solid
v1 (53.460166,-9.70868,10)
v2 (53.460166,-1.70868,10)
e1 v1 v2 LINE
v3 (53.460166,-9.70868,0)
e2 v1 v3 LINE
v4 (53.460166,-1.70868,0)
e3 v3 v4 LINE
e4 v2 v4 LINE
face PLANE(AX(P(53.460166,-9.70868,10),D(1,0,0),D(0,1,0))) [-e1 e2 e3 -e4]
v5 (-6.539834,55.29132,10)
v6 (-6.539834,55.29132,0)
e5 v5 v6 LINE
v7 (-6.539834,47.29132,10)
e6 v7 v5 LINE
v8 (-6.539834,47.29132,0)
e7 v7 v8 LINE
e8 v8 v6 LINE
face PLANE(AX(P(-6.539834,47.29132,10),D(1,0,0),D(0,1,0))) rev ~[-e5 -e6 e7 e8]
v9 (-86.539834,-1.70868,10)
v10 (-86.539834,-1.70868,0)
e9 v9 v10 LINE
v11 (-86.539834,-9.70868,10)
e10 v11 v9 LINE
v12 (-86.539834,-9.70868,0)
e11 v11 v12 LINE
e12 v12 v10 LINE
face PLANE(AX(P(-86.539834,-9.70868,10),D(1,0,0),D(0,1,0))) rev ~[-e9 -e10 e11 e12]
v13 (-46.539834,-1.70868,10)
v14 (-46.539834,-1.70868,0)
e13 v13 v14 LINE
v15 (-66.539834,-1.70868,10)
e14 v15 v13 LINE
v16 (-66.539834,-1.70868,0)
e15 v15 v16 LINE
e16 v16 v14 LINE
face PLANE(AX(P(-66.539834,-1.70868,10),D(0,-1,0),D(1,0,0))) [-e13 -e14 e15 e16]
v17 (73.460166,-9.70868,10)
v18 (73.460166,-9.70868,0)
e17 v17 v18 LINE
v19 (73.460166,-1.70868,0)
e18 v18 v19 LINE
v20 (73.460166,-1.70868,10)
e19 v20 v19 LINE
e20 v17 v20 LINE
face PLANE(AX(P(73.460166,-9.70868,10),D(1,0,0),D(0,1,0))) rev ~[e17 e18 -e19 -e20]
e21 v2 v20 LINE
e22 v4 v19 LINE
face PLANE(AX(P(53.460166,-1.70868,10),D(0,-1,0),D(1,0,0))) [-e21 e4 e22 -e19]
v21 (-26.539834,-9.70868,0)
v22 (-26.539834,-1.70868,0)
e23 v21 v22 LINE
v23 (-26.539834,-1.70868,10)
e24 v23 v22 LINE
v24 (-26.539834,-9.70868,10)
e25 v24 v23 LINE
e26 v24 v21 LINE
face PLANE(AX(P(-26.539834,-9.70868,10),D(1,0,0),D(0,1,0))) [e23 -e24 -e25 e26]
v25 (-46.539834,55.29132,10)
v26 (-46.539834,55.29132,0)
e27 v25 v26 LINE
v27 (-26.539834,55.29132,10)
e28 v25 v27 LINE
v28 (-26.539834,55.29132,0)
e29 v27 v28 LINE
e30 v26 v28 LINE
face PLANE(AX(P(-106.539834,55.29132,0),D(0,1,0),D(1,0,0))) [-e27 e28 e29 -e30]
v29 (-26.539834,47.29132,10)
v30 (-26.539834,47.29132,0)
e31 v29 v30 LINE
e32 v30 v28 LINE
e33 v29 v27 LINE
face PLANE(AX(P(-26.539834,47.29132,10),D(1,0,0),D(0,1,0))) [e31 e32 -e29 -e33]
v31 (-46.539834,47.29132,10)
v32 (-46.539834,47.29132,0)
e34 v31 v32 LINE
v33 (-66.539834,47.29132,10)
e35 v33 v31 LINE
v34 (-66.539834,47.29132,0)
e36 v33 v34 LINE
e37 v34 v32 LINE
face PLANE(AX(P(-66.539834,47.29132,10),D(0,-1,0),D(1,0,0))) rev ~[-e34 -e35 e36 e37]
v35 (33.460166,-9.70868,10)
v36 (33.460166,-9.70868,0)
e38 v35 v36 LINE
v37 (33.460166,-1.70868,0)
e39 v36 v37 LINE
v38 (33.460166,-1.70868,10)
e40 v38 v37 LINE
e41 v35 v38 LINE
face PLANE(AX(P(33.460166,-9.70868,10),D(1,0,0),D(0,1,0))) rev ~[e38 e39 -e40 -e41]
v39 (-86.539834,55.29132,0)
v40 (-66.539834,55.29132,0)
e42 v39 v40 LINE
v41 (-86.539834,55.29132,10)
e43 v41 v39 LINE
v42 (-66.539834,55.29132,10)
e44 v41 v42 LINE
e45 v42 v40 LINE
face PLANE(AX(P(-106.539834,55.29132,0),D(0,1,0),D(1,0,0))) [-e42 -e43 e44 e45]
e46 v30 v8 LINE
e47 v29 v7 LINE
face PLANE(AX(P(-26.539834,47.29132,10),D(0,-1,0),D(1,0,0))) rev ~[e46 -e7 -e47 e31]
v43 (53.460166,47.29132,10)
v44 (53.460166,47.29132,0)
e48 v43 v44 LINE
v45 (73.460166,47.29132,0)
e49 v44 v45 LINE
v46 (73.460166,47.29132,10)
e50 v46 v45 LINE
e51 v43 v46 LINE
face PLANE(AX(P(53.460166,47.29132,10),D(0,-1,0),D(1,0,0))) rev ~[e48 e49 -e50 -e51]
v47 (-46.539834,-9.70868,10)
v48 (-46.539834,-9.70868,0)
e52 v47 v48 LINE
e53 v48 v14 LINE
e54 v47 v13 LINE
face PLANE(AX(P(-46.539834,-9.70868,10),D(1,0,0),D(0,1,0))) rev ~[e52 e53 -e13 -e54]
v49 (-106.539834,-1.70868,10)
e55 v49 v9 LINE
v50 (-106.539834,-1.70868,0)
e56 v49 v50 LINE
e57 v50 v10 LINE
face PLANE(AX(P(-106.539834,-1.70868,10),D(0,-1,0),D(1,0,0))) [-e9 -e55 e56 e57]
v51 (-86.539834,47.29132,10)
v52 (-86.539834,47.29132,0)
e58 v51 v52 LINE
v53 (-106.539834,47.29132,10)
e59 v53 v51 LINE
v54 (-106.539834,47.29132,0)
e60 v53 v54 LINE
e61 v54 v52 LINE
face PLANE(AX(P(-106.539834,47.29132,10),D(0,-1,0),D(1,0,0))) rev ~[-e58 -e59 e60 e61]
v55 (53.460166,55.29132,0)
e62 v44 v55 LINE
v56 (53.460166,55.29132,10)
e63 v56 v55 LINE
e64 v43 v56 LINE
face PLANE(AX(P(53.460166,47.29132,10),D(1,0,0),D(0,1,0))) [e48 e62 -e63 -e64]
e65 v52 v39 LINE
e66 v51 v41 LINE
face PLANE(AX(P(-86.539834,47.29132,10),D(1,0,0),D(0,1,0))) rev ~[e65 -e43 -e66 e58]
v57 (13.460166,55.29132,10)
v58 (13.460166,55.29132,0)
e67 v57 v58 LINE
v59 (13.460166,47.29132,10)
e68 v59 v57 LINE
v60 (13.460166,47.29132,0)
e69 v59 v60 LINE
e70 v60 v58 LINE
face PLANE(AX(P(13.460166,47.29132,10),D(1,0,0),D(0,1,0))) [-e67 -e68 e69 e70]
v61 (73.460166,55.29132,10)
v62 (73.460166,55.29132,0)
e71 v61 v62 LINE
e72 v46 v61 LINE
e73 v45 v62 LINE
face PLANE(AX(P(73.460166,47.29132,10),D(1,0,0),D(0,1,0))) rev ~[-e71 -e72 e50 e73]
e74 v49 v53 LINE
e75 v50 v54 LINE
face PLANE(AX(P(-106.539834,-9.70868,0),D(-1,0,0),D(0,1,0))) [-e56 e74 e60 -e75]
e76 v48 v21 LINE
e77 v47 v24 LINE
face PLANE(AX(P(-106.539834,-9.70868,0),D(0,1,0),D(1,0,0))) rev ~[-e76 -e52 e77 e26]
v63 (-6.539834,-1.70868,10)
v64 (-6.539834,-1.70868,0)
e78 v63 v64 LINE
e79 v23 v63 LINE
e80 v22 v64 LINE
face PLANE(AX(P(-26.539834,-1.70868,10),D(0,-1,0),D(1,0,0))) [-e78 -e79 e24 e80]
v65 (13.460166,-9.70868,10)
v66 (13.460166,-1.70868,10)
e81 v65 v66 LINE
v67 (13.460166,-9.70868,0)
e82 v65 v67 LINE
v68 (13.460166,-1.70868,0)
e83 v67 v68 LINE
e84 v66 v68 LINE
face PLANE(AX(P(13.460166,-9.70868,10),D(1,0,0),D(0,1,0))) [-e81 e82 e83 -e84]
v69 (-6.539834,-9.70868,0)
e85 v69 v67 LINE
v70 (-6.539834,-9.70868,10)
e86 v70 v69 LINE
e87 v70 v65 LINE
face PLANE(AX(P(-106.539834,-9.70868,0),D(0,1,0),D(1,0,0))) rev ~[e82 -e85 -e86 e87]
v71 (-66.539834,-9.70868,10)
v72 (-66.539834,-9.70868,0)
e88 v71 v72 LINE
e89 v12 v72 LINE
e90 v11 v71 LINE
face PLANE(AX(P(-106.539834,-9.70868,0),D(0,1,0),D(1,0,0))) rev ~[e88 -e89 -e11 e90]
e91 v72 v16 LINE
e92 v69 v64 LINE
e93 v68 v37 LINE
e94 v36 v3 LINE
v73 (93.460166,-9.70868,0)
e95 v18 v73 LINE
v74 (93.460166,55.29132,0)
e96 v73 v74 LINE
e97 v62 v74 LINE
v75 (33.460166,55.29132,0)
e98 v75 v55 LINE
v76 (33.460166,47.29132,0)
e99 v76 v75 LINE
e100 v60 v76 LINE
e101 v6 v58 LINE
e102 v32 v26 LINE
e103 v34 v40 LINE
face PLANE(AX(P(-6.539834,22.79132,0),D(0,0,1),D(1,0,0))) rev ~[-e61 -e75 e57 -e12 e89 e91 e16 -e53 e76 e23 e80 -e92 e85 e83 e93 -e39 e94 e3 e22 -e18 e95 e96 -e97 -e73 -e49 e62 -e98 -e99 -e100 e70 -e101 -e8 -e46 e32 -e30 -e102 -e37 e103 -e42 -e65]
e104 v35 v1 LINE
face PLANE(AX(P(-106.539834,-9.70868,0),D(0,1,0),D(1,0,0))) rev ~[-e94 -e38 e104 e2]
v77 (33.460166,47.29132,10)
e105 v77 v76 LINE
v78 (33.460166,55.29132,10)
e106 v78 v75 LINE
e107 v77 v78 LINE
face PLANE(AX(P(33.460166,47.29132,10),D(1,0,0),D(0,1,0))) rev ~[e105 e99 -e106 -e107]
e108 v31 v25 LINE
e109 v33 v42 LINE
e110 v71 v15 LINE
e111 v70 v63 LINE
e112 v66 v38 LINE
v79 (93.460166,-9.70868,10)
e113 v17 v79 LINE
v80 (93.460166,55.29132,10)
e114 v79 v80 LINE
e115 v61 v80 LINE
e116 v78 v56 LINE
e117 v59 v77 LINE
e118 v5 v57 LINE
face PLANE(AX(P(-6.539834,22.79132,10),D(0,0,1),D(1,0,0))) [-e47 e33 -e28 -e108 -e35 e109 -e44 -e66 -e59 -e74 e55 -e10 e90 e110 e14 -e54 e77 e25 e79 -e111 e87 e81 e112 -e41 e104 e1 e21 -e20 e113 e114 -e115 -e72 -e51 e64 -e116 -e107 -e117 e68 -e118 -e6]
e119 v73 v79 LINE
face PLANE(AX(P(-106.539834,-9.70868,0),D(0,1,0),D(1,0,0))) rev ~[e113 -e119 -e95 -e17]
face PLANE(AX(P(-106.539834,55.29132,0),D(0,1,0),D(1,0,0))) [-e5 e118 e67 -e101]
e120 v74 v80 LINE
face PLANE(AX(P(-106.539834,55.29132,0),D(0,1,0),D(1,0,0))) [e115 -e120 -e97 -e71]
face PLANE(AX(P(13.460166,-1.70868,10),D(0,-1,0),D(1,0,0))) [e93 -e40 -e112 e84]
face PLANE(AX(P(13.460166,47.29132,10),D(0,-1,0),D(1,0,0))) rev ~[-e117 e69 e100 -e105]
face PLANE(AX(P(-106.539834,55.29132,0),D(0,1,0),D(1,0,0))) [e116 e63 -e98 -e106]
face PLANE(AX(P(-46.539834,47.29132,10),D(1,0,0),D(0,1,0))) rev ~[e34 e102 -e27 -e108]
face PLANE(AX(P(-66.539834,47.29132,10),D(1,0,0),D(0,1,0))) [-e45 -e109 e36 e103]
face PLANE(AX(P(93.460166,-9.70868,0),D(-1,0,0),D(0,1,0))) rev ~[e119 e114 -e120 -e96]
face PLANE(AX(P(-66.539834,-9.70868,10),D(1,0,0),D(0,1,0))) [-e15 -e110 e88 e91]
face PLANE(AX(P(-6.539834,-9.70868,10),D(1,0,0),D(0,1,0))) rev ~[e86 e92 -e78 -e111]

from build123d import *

# Parameters (mm, degrees)
SKETCH1_W           = 200
SKETCH1_H           = 65
BOSS_EXTRUDE1_DEPTH = 10
SKETCH2_W           = 20
SKETCH2_H           = 8
CUT_EXTRUDE1_DEPTH  = 121.448603896


with BuildPart() as part:
    # Sketch1 → Boss-Extrude1 (new body)
    with BuildSketch(Plane.XY):
        with Locations((-6.539833532, 22.791319857)):
            Rectangle(SKETCH1_W, SKETCH1_H)
    extrude(amount=BOSS_EXTRUDE1_DEPTH)

    # Sketch2 → Cut-Extrude1 (cut, through all)
    with BuildSketch(Plane.XY.offset(10)):
        with Locations((-56.539833532, 51.291319857)):
            Rectangle(SKETCH2_W, SKETCH2_H)
        with Locations((-96.539833532, 51.291319857)):
            Rectangle(SKETCH2_W, SKETCH2_H)
        with Locations((-96.539833532, -5.708680143)):
            Rectangle(SKETCH2_W, SKETCH2_H)
        with Locations((-56.539833532, -5.708680143)):
            Rectangle(SKETCH2_W, SKETCH2_H)
        with Locations((-16.539833532, 51.291319857)):
            Rectangle(SKETCH2_W, SKETCH2_H)
        with Locations((-16.539833532, -5.708680143)):
            Rectangle(SKETCH2_W, SKETCH2_H)
        with Locations((23.460166468, 51.291319857)):
            Rectangle(SKETCH2_W, SKETCH2_H)
        with Locations((23.460166468, -5.708680143)):
            Rectangle(SKETCH2_W, SKETCH2_H)
        with Locations((63.460166468, 51.291319857)):
            Rectangle(SKETCH2_W, SKETCH2_H)
        with Locations((63.460166468, -5.708680143)):
            Rectangle(SKETCH2_W, SKETCH2_H)
    extrude(amount=-CUT_EXTRUDE1_DEPTH, mode=Mode.SUBTRACT)


solid = part.part
